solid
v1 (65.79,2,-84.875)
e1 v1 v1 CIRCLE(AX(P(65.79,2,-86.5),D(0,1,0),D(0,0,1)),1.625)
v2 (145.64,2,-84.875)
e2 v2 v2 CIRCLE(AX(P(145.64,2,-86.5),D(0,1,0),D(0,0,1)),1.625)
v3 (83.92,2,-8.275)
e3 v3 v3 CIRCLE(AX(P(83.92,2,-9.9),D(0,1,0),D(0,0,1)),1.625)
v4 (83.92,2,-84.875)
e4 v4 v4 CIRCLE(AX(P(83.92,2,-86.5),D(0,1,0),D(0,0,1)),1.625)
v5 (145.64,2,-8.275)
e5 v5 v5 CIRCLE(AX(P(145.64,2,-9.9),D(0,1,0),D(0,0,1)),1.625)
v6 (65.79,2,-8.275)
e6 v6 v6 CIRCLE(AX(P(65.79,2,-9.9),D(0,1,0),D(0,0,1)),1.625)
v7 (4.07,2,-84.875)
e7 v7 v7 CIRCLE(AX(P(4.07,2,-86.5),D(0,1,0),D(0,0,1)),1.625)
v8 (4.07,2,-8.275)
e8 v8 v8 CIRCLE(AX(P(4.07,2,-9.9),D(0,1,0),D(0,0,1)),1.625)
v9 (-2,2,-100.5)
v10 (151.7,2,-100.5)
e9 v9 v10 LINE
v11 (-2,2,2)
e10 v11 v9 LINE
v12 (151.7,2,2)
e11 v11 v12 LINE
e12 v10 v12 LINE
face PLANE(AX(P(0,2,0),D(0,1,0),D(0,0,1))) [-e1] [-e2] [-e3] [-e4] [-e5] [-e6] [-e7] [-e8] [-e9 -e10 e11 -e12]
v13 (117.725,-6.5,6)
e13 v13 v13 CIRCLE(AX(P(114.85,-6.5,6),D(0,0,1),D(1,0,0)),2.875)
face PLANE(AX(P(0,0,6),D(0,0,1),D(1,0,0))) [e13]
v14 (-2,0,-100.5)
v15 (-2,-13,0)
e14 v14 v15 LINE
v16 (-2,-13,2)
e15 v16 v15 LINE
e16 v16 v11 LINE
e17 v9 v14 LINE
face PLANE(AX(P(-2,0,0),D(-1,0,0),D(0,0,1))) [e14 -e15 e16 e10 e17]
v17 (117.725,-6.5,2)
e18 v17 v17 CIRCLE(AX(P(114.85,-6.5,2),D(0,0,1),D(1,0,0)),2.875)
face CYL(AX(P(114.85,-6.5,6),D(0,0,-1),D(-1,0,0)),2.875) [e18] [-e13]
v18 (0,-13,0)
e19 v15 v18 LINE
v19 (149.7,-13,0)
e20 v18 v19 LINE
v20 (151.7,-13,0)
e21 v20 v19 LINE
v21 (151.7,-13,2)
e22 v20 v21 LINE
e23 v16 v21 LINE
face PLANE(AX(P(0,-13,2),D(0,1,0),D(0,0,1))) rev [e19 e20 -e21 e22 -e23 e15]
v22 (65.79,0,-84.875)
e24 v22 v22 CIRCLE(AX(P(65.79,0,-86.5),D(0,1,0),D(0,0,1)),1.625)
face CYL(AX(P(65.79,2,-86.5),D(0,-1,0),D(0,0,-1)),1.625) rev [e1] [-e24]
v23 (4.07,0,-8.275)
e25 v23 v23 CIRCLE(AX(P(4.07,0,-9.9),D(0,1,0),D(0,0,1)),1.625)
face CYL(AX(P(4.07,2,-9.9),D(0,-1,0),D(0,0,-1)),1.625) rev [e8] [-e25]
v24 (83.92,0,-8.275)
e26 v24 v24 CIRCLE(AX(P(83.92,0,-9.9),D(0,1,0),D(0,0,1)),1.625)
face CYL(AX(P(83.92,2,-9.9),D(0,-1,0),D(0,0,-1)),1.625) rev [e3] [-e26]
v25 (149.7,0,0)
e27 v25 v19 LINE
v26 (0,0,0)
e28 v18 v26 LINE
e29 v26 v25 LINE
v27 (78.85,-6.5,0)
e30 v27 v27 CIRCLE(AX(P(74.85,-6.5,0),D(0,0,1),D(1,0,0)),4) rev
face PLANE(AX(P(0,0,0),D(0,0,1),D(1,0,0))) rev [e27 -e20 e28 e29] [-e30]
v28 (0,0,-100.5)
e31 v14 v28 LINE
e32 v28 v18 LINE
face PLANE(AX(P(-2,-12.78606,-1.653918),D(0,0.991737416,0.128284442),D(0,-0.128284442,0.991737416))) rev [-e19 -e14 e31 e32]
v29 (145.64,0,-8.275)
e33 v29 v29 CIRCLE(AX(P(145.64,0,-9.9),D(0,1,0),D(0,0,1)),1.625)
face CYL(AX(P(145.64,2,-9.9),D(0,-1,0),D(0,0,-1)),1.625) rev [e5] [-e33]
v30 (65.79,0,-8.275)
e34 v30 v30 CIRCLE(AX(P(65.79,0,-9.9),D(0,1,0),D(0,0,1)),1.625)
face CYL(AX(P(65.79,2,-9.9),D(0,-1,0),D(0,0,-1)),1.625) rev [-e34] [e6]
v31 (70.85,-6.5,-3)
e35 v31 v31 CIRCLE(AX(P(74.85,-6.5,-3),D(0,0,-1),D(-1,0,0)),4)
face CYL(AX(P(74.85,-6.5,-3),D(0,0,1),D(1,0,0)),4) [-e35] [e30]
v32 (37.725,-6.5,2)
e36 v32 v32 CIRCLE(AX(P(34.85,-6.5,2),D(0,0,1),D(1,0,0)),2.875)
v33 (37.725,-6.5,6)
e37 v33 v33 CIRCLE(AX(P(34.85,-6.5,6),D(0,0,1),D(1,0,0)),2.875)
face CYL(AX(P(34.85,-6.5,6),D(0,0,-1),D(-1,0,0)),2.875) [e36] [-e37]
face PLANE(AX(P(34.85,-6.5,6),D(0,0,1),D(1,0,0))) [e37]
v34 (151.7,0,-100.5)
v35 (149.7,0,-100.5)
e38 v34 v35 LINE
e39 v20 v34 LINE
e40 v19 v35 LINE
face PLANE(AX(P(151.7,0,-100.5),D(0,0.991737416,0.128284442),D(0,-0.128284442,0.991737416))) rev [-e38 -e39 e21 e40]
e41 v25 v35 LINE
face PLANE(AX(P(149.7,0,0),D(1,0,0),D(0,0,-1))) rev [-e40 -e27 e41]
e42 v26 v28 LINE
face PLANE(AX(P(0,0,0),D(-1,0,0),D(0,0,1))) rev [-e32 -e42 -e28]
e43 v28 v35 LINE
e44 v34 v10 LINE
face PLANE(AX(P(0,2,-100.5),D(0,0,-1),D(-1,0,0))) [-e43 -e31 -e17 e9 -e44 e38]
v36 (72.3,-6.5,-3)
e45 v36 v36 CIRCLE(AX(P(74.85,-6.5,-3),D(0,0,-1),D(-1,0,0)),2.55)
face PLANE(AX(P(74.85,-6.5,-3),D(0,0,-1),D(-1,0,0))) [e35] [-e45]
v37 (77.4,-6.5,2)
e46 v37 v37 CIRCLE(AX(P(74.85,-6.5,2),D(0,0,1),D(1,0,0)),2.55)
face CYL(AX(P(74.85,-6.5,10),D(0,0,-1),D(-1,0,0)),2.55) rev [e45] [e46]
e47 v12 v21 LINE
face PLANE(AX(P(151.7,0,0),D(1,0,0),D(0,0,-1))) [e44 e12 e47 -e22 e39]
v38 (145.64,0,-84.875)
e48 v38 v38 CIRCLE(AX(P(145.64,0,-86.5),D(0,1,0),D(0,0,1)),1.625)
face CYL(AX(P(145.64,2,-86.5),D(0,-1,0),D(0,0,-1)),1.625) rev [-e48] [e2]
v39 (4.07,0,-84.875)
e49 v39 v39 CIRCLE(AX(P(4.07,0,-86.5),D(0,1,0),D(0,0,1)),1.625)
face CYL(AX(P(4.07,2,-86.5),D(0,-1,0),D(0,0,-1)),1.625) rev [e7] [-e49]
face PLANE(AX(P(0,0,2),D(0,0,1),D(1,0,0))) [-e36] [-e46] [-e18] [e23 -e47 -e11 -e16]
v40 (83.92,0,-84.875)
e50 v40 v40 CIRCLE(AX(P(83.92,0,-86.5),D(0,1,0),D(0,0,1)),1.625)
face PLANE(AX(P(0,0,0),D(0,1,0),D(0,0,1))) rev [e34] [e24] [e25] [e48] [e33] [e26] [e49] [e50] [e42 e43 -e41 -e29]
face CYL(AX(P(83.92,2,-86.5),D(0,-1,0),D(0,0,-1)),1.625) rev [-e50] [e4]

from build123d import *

# Parameters (mm, degrees)
SKETCH1_W           = 10
SKETCH1_H           = 100.5
SKETCH1_R           = 1.625
SKETCH1_W_2         = 69.85
BOSS_EXTRUDE1_DEPTH = 2
SKETCH3_W           = 149.7
SKETCH3_H           = 2
BOSS_EXTRUDE2_DEPTH = 2
SKETCH4_W           = 100.5
SKETCH4_H           = 2
BOSS_EXTRUDE3_DEPTH = 2
BOSS_EXTRUDE4_DEPTH = 2
SKETCH6_W           = 8
SKETCH6_H           = 15
BOSS_EXTRUDE5_DEPTH = 3
CUT_EXTRUDE1_DEPTH  = 10
FILLET1_R           = 3
CUT_EXTRUDE2_DEPTH  = 10
BOSS_EXTRUDE6_START = 3
SKETCH10_R          = 4
SKETCH10_R_2        = 2.55
BOSS_EXTRUDE6_DEPTH = 3
SKETCH12_R          = 2.875
BOSS_EXTRUDE7_DEPTH = 4
SKETCH13_W          = 10.946886228
SKETCH13_H          = 17.580383234
SKETCH13_W_2        = 10.296538922
SKETCH13_H_2        = 23.433508982
CUT_EXTRUDE3_DEPTH  = 43


with BuildPart() as part:
    # Sketch1 → Boss-Extrude1 (new body)
    # profile 1 of 3: a face of its own
    with BuildSketch(Plane(origin=(0, 0, 0), x_dir=(1, 0, 0), z_dir=(0, 1, 0))):
        with Locations((74.85, 50.25)):
            Rectangle(SKETCH1_W, SKETCH1_H)
    # profile 2 of 3: a face of its own
    with BuildSketch(Plane(origin=(0, 0, 0), x_dir=(1, 0, 0), z_dir=(0, 1, 0))):
        Polygon((0, 0), (69.85, 0), (69.85, 100.5), (0, 100.5), (0, 86.5), align=None)
        with Locations(Location((4.07, 9.9, 0), (0, 0, 270))):
            Circle(SKETCH1_R, mode=Mode.SUBTRACT)
        with BuildLine():
            ThreePointArc((64.165, 9.9), (64.640951481, 11.049048519), (65.79, 11.525))
            ThreePointArc((65.79, 11.525), (66.939048519, 11.049048519), (67.415, 9.9))
            ThreePointArc((67.415, 9.9), (65.79, 8.275), (64.165, 9.9))
        make_face(mode=Mode.SUBTRACT)
        with BuildLine():
            ThreePointArc((5.695, 86.5), (4.07, 84.875), (2.445, 86.5))
            ThreePointArc((2.445, 86.5), (4.07, 88.125), (5.695, 86.5))
        make_face(mode=Mode.SUBTRACT)
        with BuildLine():
            ThreePointArc((65.79, 84.875), (64.640951481, 85.350951481), (64.165, 86.5))
            ThreePointArc((64.165, 86.5), (65.79, 88.125), (67.415, 86.5))
            ThreePointArc((67.415, 86.5), (66.939048519, 85.350951481), (65.79, 84.875))
        make_face(mode=Mode.SUBTRACT)
    # profile 3 of 3: a face of its own
    with BuildSketch(Plane(origin=(0, 0, 0), x_dir=(1, 0, 0), z_dir=(0, 1, 0))):
        with Locations((114.775, 50.25)):
            Rectangle(SKETCH1_W_2, SKETCH1_H)
        with Locations(Location((83.92, 9.9, 0), (0, 0, 270))):
            Circle(SKETCH1_R, mode=Mode.SUBTRACT)
        with Locations(Location((145.64, 9.9, 0), (0, 0, 270))):
            Circle(SKETCH1_R, mode=Mode.SUBTRACT)
        with Locations(Location((83.92, 86.5, 0), (0, 0, 270))):
            Circle(SKETCH1_R, mode=Mode.SUBTRACT)
        with Locations(Location((145.64, 86.5, 0), (0, 0, 270))):
            Circle(SKETCH1_R, mode=Mode.SUBTRACT)
    extrude(amount=BOSS_EXTRUDE1_DEPTH)

    # Sketch3 → Boss-Extrude2 (add)
    with BuildSketch(Plane.XY):
        Polygon((-10, 2), (-10, -13), (159.7, -13), (159.7, 2), (149.7, 2), (149.7, 0), (0, 0), (0, 2), align=None)
        with Locations((74.85, 1)):
            Rectangle(SKETCH3_W, SKETCH3_H)
    extrude(amount=BOSS_EXTRUDE2_DEPTH)

    # Sketch4 → Boss-Extrude3 (add)
    with BuildSketch(Plane.ZY):
        Polygon((0, 0), (-100.5, 0), (0, -13), align=None)
        with Locations((-50.25, 1)):
            Rectangle(SKETCH4_W, SKETCH4_H)
    extrude(amount=BOSS_EXTRUDE3_DEPTH)

    # Sketch5 → Boss-Extrude4 (add)
    with BuildSketch(Plane(origin=(149.7, 0, 0), x_dir=(0, 0, -1), z_dir=(1, 0, 0))):
        Polygon((100.5, 0), (0, -13), (0, 2), (100.5, 2), align=None)
    extrude(amount=BOSS_EXTRUDE4_DEPTH)

    # Sketch6 → Boss-Extrude5 (add)
    with BuildSketch(Plane(origin=(0, 0, 0), x_dir=(-1, 0, 0), z_dir=(0, 0, -1))):
        with Locations((6, -5.5)):
            Rectangle(SKETCH6_W, SKETCH6_H)
        with Locations((-155.7, -5.5)):
            Rectangle(SKETCH6_W, SKETCH6_H)
    extrude(amount=BOSS_EXTRUDE5_DEPTH)

    # Sketch8 → Cut-Extrude1 (cut)
    with BuildSketch(Plane(origin=(0, 0, -3), x_dir=(-1, 0, 0), z_dir=(0, 0, -1))):
        with BuildLine():
            ThreePointArc((-153.15, -5.5), (-155.7, -2.95), (-158.25, -5.5))
            Line((-158.25, -5.5), (-153.15, -5.5))
        make_face()
        with BuildLine():
            Line((-153.15, -5.5), (-158.25, -5.5))
            ThreePointArc((-158.25, -5.5), (-155.7, -8.05), (-153.15, -5.5))
        make_face()
        with BuildLine():
            ThreePointArc((3.45, -5.5), (6, -8.05), (8.55, -5.5))
            Line((8.55, -5.5), (3.45, -5.5))
        make_face()
        with BuildLine():
            Line((3.45, -5.5), (8.55, -5.5))
            ThreePointArc((8.55, -5.5), (6, -2.95), (3.45, -5.5))
        make_face()
    extrude(amount=-CUT_EXTRUDE1_DEPTH, mode=Mode.SUBTRACT)

    # Fillet1
    fillet1_edges = [part.edges().sort_by_distance(p)[0] for p in [
        (159.7, 2, -0.5),
        (-10, 2, -0.5),
        (-10, -13, -0.5),
        (159.7, -13, -0.5),
    ]]
    fillet(fillet1_edges, radius=FILLET1_R)

    # Sketch9 → Cut-Extrude2 (cut)
    with BuildSketch(Plane(origin=(0, 0, 0), x_dir=(-1, 0, 0), z_dir=(0, 0, -1))):
        with BuildLine():
            ThreePointArc((-72.3, -6.5), (-73.046877708, -4.696877708), (-74.85, -3.95))
            Line((-74.85, -3.95), (-74.85, -9.05))
            ThreePointArc((-74.85, -9.05), (-73.046877708, -8.303122292), (-72.3, -6.5))
        make_face()
        with BuildLine():
            Line((-74.85, -9.05), (-74.85, -3.95))
            ThreePointArc((-74.85, -3.95), (-77.4, -6.5), (-74.85, -9.05))
        make_face()
    extrude(amount=-CUT_EXTRUDE2_DEPTH, mode=Mode.SUBTRACT)

    # Sketch10 → Boss-Extrude6 (add)
    with BuildSketch(Plane(origin=(0, 0, 0), x_dir=(-1, 0, 0), z_dir=(0, 0, -1)).offset(BOSS_EXTRUDE6_START)):
        with Locations(Location((-74.85, -6.5, 0), (0, 0, 180))):
            Circle(SKETCH10_R)
        with Locations((-74.85, -6.5)):
            Circle(SKETCH10_R_2, mode=Mode.SUBTRACT)
    extrude(amount=-BOSS_EXTRUDE6_DEPTH)

    # Sketch12 → Boss-Extrude7 (add)
    with BuildSketch(Plane.XY.offset(2)):
        with Locations((34.85, -6.5)):
            Circle(SKETCH12_R)
        with Locations((114.85, -6.5)):
            Circle(SKETCH12_R)
    extrude(amount=BOSS_EXTRUDE7_DEPTH)

    # Sketch13 → Cut-Extrude3 (cut)
    with BuildSketch(Plane(origin=(0, 0, -3), x_dir=(-1, 0, 0), z_dir=(0, 0, -1))):
        with Locations((-157.173443114, -6.790191617)):
            Rectangle(SKETCH13_W, SKETCH13_H)
        with Locations((7.148269461, -9.716754491)):
            Rectangle(SKETCH13_W_2, SKETCH13_H_2)
    extrude(amount=-CUT_EXTRUDE3_DEPTH, mode=Mode.SUBTRACT)


solid = part.part
